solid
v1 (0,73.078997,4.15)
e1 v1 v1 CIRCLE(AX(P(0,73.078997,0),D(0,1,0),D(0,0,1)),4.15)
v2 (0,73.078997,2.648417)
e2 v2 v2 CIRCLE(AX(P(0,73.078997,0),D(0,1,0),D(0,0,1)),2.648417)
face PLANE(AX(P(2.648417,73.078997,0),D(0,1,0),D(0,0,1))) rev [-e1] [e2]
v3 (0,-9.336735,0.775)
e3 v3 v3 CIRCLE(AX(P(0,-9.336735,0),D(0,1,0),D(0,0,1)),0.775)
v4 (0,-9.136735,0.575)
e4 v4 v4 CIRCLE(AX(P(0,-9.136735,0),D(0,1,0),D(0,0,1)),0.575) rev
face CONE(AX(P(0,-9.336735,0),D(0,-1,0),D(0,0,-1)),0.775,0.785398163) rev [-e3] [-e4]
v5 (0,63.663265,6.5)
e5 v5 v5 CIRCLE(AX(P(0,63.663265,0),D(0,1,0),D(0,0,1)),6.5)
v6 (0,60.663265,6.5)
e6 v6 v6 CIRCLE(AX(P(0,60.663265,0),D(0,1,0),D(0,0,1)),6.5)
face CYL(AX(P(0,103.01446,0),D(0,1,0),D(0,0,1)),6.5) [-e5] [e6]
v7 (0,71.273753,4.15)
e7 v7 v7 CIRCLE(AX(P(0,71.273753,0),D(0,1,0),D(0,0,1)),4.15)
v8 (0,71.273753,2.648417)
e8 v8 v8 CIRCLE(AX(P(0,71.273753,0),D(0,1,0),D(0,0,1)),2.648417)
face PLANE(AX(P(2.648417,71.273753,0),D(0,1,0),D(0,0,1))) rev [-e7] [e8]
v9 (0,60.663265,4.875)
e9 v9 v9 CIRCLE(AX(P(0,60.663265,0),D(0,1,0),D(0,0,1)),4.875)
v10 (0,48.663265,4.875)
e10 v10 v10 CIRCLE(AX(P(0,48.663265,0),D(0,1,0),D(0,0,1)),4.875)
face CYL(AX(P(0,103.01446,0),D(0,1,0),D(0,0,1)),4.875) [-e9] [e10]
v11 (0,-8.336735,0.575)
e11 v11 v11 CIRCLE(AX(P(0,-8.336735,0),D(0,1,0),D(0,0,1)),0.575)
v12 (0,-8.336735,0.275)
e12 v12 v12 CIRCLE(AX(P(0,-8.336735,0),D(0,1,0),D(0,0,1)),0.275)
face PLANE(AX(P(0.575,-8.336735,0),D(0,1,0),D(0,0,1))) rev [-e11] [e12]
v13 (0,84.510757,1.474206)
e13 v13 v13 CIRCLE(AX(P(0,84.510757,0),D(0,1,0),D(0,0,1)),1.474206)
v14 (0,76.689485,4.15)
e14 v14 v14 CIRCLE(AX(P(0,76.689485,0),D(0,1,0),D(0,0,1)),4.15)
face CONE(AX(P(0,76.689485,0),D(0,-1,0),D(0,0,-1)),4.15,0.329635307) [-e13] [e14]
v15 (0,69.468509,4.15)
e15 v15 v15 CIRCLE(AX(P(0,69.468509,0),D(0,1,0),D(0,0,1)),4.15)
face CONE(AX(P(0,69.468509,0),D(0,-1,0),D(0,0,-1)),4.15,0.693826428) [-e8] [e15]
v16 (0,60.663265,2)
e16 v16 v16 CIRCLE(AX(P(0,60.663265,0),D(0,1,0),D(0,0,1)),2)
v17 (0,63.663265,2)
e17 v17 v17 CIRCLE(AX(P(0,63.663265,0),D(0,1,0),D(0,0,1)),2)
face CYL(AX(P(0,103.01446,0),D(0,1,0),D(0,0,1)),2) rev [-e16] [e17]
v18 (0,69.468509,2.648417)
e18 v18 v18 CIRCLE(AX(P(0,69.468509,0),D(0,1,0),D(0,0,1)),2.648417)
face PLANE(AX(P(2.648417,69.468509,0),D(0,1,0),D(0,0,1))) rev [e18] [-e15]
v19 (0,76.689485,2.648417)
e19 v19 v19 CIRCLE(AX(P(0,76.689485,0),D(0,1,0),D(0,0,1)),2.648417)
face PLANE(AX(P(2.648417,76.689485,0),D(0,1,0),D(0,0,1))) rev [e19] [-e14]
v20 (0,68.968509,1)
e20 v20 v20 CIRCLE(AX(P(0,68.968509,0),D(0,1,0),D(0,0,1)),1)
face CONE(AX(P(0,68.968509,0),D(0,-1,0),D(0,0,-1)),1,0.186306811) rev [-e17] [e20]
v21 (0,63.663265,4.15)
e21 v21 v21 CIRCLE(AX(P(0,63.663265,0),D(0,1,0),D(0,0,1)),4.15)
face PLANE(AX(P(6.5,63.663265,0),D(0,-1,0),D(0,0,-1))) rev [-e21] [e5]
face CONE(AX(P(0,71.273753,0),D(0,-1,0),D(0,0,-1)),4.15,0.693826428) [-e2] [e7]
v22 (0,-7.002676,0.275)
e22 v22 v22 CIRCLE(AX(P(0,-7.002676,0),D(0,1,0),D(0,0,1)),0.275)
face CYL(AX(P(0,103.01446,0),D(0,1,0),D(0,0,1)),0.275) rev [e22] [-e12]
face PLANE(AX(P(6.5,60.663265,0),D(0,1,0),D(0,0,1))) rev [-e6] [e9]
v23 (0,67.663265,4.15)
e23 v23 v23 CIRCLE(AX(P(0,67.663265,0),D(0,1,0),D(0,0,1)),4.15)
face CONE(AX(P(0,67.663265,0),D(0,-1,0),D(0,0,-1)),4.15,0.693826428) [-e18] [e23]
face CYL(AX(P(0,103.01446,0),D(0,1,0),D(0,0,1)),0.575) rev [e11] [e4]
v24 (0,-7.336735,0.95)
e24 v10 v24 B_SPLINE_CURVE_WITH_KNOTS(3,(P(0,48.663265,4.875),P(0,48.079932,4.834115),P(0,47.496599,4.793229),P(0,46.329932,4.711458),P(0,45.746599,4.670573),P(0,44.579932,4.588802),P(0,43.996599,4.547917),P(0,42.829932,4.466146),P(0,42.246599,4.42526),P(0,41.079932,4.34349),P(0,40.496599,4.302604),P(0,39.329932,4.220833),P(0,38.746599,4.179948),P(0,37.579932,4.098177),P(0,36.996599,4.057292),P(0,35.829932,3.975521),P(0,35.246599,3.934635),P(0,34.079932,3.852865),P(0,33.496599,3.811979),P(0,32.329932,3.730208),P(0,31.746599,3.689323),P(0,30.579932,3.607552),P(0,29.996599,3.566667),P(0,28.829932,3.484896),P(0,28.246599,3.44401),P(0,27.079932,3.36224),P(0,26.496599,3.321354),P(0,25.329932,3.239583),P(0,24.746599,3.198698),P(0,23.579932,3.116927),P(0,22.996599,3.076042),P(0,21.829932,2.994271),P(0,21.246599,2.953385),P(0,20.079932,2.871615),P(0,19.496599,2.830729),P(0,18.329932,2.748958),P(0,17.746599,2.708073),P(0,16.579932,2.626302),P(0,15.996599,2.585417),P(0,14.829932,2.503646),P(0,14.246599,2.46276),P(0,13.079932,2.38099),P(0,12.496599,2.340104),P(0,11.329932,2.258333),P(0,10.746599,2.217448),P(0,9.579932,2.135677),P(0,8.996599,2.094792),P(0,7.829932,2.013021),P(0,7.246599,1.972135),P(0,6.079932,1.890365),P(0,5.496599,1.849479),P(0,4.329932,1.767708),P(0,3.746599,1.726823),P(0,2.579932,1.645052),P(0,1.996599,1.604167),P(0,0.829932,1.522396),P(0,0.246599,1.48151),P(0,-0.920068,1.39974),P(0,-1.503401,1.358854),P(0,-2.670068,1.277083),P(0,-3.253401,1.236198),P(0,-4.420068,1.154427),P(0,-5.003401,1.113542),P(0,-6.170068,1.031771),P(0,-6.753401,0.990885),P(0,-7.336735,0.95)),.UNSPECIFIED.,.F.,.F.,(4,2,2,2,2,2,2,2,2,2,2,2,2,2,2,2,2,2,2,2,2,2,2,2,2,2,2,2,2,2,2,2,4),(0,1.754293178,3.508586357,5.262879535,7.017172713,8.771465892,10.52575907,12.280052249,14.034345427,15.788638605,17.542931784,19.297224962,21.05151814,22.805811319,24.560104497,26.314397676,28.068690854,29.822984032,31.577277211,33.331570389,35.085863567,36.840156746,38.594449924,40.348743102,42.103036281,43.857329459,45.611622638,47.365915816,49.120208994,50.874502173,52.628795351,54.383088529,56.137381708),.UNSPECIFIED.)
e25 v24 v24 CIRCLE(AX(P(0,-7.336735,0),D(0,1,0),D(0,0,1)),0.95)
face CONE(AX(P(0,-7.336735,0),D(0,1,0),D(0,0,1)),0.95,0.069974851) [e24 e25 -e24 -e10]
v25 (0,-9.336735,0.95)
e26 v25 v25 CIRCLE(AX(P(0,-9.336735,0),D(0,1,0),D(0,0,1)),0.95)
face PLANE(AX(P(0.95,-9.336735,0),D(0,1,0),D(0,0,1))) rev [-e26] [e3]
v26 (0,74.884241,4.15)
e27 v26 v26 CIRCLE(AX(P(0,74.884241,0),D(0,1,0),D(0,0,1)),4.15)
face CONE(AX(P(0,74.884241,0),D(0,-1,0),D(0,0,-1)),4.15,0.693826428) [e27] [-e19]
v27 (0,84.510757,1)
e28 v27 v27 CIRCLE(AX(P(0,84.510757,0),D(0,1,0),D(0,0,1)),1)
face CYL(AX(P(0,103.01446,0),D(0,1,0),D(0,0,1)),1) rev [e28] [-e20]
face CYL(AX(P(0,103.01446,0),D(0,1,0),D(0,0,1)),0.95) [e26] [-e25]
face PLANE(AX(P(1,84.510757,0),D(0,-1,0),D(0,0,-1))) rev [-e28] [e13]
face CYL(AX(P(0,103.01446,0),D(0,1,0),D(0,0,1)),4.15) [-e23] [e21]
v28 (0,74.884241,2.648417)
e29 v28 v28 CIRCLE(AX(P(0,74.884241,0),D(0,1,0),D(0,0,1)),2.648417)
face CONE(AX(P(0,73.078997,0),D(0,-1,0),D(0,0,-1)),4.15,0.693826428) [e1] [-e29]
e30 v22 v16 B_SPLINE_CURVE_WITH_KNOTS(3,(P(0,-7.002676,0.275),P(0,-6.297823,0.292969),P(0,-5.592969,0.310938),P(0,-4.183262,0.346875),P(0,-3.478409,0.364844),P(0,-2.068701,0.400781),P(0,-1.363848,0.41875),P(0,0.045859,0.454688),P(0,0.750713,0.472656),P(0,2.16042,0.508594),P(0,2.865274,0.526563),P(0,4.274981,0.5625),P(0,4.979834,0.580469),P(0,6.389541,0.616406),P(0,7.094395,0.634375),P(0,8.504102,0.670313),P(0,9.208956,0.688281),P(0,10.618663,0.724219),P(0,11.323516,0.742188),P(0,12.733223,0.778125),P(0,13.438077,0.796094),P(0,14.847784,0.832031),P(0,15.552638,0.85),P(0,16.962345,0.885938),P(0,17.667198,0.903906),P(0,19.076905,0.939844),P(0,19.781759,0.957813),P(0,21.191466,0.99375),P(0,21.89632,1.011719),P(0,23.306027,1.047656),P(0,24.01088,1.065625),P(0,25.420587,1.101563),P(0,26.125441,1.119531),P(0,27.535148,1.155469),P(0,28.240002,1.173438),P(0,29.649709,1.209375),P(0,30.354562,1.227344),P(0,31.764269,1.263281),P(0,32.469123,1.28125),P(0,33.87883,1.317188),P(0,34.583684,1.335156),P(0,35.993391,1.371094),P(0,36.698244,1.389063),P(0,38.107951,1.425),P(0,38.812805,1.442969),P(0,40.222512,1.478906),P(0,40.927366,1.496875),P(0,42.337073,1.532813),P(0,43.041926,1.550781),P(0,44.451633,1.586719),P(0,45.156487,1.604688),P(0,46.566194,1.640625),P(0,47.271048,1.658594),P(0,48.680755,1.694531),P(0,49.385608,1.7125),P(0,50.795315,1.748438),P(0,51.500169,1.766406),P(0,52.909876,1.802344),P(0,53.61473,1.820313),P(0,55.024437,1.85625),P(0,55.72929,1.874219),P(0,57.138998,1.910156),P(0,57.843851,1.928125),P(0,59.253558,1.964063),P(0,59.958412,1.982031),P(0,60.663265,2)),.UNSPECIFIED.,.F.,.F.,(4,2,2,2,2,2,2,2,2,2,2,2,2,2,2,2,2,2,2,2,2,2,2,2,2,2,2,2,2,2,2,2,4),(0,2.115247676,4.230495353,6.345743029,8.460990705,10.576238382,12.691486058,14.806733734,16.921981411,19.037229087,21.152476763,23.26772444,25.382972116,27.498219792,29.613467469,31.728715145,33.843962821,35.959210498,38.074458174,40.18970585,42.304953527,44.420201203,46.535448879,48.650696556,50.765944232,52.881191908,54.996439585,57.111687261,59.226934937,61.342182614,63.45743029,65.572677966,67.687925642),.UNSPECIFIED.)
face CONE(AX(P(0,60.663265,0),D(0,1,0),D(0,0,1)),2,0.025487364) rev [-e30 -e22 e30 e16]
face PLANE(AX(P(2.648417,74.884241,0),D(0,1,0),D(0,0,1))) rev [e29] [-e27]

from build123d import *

# Parameters (mm, degrees)
CHAMFER1_SIZE = 0.2


with BuildPart() as part:
    # Sketch1 → Revolve1 (revolve)
    with BuildSketch(Plane.XY, mode=Mode.PRIVATE) as revolve1_sk:
        Polygon((0.95, -9.336734694), (0.95, -7.336734694), (4.875, 48.663265306), (4.875, 60.663265306), (6.5, 60.663265306), (6.5, 63.663265306), (4.15, 63.663265306), (4.15, 67.663265306), (2.648417251, 69.46850915), (4.15, 69.46850915), (2.648417251, 71.273752994), (4.15, 71.273752994), (2.648417251, 73.078996837), (4.15, 73.078996837), (2.648417251, 74.884240681), (4.15, 74.884240681), (2.648417251, 76.689484525), (4.15, 76.689484525), (1.474206394, 84.510756718), (1, 84.510756718), (1, 68.96850915), (2, 63.663265306), (2, 60.663265306), (0.275, -7.002676295), (0.275, -8.336734694), (0.575, -8.336734694), (0.575, -9.336734694), align=None)
    revolve(revolve1_sk.sketch.rotate(Axis((0, 103.014460247, 0), (0, -1, 0)), 90), axis=Axis((0, 103.014460247, 0), (0, -1, 0)))

    # Chamfer1
    chamfer1_edges = [part.edges().sort_by_distance(p)[0] for p in [
        (0, -9.336734694, -0.575),
    ]]
    chamfer(chamfer1_edges, length=CHAMFER1_SIZE)


solid = part.part
